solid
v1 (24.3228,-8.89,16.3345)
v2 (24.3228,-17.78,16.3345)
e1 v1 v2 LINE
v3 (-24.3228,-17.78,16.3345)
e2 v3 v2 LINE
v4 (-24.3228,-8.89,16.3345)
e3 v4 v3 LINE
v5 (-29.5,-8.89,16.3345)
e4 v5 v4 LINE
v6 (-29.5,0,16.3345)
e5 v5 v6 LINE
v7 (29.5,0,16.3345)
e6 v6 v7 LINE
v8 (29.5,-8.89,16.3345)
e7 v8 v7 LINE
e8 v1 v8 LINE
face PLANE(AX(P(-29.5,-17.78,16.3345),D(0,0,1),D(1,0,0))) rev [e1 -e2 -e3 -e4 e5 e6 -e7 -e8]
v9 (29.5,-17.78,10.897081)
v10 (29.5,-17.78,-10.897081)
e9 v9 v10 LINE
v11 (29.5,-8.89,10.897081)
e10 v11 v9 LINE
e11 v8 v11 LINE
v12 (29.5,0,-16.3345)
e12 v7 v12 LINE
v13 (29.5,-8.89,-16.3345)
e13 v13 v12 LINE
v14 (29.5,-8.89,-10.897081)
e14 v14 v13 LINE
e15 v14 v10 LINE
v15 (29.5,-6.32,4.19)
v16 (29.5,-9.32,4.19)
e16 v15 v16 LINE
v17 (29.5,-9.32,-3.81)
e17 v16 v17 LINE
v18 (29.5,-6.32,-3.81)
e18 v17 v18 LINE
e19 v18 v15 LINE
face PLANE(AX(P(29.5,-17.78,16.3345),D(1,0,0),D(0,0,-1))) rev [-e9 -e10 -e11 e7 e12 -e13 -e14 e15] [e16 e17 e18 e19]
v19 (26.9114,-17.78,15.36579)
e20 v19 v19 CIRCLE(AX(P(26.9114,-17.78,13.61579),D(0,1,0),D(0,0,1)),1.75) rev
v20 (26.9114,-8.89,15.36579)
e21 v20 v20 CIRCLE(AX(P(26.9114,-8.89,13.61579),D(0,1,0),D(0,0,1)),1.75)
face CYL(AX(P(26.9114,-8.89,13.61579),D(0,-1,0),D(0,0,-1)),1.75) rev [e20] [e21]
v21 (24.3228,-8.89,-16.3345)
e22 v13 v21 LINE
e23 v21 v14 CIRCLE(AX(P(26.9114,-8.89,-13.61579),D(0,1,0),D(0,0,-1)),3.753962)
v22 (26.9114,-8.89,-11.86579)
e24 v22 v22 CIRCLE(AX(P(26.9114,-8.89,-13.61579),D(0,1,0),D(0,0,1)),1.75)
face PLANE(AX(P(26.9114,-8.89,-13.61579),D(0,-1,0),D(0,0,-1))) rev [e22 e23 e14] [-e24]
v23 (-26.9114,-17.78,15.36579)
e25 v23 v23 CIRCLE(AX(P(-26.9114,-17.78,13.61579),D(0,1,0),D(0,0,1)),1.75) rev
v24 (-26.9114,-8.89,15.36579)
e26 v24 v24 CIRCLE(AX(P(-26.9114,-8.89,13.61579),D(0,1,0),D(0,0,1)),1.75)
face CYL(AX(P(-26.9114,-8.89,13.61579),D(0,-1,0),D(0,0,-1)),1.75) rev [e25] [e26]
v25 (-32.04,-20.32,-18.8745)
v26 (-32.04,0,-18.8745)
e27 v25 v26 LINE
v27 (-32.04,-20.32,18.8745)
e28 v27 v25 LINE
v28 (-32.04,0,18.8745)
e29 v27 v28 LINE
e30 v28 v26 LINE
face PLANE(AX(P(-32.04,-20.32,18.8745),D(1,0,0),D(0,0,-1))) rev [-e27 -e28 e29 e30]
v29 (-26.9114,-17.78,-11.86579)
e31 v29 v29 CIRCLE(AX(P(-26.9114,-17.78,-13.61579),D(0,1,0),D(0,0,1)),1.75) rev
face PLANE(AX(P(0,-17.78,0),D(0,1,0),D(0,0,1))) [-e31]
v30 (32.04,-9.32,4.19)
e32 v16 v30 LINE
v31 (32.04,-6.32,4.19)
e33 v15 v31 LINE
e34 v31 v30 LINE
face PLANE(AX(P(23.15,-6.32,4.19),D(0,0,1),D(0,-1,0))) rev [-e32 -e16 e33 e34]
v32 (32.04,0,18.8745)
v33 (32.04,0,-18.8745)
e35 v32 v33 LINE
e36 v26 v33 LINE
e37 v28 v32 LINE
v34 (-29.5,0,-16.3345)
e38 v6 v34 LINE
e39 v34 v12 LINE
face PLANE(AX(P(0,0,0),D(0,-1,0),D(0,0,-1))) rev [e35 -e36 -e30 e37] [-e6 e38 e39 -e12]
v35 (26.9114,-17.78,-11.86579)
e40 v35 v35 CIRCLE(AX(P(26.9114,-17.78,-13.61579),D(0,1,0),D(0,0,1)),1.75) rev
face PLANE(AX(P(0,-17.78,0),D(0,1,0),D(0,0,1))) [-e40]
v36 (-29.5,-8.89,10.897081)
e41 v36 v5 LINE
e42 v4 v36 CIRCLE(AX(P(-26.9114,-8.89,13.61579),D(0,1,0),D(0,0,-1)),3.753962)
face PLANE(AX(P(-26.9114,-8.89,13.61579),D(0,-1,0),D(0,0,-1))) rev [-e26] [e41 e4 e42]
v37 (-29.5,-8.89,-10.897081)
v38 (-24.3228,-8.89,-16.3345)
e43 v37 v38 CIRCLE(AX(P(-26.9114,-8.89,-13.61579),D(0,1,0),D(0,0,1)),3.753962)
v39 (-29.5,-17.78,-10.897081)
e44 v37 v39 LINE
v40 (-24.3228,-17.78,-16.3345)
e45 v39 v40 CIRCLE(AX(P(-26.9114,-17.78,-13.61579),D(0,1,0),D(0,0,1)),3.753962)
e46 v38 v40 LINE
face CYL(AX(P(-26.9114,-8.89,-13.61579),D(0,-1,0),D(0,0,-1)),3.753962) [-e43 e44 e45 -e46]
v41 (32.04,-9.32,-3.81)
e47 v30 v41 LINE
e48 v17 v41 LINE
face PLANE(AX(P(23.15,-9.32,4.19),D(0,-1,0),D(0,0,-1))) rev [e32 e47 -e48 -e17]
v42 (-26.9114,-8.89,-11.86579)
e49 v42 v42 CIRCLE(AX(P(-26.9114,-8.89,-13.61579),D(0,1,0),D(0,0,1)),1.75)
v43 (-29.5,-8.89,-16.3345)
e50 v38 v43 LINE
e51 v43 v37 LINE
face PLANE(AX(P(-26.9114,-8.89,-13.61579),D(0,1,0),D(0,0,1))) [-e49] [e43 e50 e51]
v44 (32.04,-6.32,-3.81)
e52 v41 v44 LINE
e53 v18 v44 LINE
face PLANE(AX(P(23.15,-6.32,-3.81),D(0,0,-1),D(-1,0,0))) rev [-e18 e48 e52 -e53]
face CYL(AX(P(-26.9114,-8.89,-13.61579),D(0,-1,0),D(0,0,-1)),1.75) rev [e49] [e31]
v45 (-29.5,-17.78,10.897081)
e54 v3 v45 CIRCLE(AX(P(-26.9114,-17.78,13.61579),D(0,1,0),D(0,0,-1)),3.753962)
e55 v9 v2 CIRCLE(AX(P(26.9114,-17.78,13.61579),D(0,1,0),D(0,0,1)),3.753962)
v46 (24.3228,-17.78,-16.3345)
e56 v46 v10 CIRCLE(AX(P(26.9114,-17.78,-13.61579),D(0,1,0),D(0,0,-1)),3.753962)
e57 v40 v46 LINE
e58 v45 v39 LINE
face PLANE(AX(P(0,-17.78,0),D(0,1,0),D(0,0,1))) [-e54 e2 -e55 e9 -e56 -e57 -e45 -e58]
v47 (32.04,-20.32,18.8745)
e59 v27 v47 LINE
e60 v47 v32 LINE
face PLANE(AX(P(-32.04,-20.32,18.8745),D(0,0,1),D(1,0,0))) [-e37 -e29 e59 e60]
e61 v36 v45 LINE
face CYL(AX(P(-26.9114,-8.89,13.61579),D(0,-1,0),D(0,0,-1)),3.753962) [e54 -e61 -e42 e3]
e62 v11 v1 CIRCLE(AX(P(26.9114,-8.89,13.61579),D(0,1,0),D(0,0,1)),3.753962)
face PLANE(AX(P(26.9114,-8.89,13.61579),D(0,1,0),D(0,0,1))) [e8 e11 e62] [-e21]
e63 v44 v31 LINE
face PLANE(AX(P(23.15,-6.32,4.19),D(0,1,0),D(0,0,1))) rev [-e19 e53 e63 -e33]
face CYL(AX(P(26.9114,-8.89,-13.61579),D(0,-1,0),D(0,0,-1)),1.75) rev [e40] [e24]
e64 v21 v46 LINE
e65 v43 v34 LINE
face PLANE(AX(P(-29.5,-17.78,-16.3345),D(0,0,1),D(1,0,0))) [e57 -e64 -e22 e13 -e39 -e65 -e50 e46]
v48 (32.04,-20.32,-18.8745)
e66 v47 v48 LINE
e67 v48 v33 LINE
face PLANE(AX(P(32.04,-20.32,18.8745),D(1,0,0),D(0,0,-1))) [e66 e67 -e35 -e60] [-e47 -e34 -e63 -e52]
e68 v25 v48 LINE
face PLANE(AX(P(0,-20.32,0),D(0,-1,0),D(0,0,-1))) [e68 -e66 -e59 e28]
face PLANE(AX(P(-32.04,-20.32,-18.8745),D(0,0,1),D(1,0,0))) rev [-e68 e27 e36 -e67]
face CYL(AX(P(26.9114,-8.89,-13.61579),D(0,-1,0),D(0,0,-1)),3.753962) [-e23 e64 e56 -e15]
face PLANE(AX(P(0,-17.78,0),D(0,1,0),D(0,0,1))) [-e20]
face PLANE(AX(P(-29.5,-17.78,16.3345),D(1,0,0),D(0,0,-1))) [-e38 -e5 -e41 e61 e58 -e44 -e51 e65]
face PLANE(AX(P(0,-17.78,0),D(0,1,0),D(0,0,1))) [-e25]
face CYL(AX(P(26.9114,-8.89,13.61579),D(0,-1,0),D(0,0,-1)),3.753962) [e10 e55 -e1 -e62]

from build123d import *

# Parameters (mm, degrees)
SKETCH1_W           = 64.08
SKETCH1_H           = 37.749
BOSS_EXTRUDE1_DEPTH = 20.32
SKETCH1_6_W         = 59
SKETCH1_6_H         = 32.669
CUT_EXTRUDE1_DEPTH  = 17.78
SKETCH4_R           = 1.75
BOSS_EXTRUDE2_DEPTH = 8.89
SKETCH6_W           = 8
SKETCH6_H           = 3
CUT_EXTRUDE2_DEPTH  = 8.89


with BuildPart() as part:
    # Sketch1 → Boss-Extrude1 (new body)
    with BuildSketch(Plane(origin=(0, 0, 0), x_dir=(1, 0, 0), z_dir=(0, 1, 0))):
        Rectangle(SKETCH1_W, SKETCH1_H)
    extrude(amount=-BOSS_EXTRUDE1_DEPTH)

    # Sketch1<6> → Cut-Extrude1 (cut)
    with BuildSketch(Plane(origin=(0, 0, 0), x_dir=(1, 0, 0), z_dir=(0, 1, 0))):
        Rectangle(SKETCH1_6_W, SKETCH1_6_H)
    extrude(amount=-CUT_EXTRUDE1_DEPTH, mode=Mode.SUBTRACT)

    # Sketch4 → Boss-Extrude2 (add)
    # profile 1 of 4: a face of its own
    with BuildSketch(Plane(origin=(0, -17.78, 0), x_dir=(1, 0, 0), z_dir=(0, 1, 0))):
        with BuildLine():
            Line((-29.5, 16.3345), (-24.3228, 16.3345))
            ThreePointArc((-24.3228, 16.3345), (-24.192690413, 11.027190413), (-29.5, 10.897080827))
            Line((-29.5, 10.897080827), (-29.5, 16.3345))
        make_face()
        with Locations((-26.9114, 13.615790413)):
            Circle(SKETCH4_R, mode=Mode.SUBTRACT)
    # profile 2 of 4: a face of its own
    with BuildSketch(Plane(origin=(0, -17.78, 0), x_dir=(1, 0, 0), z_dir=(0, 1, 0))):
        with BuildLine():
            Line((29.5, 10.897080827), (29.5, 16.3345))
            Line((29.5, 16.3345), (24.3228, 16.3345))
            ThreePointArc((24.3228, 16.3345), (24.192690413, 11.027190413), (29.5, 10.897080827))
        make_face()
        with Locations((26.9114, 13.615790413)):
            Circle(SKETCH4_R, mode=Mode.SUBTRACT)
    # profile 3 of 4: a face of its own
    with BuildSketch(Plane(origin=(0, -17.78, 0), x_dir=(1, 0, 0), z_dir=(0, 1, 0))):
        with BuildLine():
            Line((29.5, -10.897080827), (29.5, -16.3345))
            Line((29.5, -16.3345), (24.3228, -16.3345))
            ThreePointArc((24.3228, -16.3345), (24.192690413, -11.027190413), (29.5, -10.897080827))
        make_face()
        with Locations((26.9114, -13.615790413)):
            Circle(SKETCH4_R, mode=Mode.SUBTRACT)
    # profile 4 of 4: a face of its own
    with BuildSketch(Plane(origin=(0, -17.78, 0), x_dir=(1, 0, 0), z_dir=(0, 1, 0))):
        with BuildLine():
            Line((-29.5, -10.897080827), (-29.5, -16.3345))
            Line((-29.5, -16.3345), (-24.3228, -16.3345))
            ThreePointArc((-24.3228, -16.3345), (-24.192690413, -11.027190413), (-29.5, -10.897080827))
        make_face()
        with Locations((-26.9114, -13.615790413)):
            Circle(SKETCH4_R, mode=Mode.SUBTRACT)
    extrude(amount=BOSS_EXTRUDE2_DEPTH)

    # Sketch6 → Cut-Extrude2 (cut)
    with BuildSketch(Plane(origin=(32.04, 0, 0), x_dir=(0, 0, -1), z_dir=(1, 0, 0))):
        with Locations((-0.19, -7.82)):
            Rectangle(SKETCH6_W, SKETCH6_H)
    extrude(amount=-CUT_EXTRUDE2_DEPTH, mode=Mode.SUBTRACT)


solid = part.part
